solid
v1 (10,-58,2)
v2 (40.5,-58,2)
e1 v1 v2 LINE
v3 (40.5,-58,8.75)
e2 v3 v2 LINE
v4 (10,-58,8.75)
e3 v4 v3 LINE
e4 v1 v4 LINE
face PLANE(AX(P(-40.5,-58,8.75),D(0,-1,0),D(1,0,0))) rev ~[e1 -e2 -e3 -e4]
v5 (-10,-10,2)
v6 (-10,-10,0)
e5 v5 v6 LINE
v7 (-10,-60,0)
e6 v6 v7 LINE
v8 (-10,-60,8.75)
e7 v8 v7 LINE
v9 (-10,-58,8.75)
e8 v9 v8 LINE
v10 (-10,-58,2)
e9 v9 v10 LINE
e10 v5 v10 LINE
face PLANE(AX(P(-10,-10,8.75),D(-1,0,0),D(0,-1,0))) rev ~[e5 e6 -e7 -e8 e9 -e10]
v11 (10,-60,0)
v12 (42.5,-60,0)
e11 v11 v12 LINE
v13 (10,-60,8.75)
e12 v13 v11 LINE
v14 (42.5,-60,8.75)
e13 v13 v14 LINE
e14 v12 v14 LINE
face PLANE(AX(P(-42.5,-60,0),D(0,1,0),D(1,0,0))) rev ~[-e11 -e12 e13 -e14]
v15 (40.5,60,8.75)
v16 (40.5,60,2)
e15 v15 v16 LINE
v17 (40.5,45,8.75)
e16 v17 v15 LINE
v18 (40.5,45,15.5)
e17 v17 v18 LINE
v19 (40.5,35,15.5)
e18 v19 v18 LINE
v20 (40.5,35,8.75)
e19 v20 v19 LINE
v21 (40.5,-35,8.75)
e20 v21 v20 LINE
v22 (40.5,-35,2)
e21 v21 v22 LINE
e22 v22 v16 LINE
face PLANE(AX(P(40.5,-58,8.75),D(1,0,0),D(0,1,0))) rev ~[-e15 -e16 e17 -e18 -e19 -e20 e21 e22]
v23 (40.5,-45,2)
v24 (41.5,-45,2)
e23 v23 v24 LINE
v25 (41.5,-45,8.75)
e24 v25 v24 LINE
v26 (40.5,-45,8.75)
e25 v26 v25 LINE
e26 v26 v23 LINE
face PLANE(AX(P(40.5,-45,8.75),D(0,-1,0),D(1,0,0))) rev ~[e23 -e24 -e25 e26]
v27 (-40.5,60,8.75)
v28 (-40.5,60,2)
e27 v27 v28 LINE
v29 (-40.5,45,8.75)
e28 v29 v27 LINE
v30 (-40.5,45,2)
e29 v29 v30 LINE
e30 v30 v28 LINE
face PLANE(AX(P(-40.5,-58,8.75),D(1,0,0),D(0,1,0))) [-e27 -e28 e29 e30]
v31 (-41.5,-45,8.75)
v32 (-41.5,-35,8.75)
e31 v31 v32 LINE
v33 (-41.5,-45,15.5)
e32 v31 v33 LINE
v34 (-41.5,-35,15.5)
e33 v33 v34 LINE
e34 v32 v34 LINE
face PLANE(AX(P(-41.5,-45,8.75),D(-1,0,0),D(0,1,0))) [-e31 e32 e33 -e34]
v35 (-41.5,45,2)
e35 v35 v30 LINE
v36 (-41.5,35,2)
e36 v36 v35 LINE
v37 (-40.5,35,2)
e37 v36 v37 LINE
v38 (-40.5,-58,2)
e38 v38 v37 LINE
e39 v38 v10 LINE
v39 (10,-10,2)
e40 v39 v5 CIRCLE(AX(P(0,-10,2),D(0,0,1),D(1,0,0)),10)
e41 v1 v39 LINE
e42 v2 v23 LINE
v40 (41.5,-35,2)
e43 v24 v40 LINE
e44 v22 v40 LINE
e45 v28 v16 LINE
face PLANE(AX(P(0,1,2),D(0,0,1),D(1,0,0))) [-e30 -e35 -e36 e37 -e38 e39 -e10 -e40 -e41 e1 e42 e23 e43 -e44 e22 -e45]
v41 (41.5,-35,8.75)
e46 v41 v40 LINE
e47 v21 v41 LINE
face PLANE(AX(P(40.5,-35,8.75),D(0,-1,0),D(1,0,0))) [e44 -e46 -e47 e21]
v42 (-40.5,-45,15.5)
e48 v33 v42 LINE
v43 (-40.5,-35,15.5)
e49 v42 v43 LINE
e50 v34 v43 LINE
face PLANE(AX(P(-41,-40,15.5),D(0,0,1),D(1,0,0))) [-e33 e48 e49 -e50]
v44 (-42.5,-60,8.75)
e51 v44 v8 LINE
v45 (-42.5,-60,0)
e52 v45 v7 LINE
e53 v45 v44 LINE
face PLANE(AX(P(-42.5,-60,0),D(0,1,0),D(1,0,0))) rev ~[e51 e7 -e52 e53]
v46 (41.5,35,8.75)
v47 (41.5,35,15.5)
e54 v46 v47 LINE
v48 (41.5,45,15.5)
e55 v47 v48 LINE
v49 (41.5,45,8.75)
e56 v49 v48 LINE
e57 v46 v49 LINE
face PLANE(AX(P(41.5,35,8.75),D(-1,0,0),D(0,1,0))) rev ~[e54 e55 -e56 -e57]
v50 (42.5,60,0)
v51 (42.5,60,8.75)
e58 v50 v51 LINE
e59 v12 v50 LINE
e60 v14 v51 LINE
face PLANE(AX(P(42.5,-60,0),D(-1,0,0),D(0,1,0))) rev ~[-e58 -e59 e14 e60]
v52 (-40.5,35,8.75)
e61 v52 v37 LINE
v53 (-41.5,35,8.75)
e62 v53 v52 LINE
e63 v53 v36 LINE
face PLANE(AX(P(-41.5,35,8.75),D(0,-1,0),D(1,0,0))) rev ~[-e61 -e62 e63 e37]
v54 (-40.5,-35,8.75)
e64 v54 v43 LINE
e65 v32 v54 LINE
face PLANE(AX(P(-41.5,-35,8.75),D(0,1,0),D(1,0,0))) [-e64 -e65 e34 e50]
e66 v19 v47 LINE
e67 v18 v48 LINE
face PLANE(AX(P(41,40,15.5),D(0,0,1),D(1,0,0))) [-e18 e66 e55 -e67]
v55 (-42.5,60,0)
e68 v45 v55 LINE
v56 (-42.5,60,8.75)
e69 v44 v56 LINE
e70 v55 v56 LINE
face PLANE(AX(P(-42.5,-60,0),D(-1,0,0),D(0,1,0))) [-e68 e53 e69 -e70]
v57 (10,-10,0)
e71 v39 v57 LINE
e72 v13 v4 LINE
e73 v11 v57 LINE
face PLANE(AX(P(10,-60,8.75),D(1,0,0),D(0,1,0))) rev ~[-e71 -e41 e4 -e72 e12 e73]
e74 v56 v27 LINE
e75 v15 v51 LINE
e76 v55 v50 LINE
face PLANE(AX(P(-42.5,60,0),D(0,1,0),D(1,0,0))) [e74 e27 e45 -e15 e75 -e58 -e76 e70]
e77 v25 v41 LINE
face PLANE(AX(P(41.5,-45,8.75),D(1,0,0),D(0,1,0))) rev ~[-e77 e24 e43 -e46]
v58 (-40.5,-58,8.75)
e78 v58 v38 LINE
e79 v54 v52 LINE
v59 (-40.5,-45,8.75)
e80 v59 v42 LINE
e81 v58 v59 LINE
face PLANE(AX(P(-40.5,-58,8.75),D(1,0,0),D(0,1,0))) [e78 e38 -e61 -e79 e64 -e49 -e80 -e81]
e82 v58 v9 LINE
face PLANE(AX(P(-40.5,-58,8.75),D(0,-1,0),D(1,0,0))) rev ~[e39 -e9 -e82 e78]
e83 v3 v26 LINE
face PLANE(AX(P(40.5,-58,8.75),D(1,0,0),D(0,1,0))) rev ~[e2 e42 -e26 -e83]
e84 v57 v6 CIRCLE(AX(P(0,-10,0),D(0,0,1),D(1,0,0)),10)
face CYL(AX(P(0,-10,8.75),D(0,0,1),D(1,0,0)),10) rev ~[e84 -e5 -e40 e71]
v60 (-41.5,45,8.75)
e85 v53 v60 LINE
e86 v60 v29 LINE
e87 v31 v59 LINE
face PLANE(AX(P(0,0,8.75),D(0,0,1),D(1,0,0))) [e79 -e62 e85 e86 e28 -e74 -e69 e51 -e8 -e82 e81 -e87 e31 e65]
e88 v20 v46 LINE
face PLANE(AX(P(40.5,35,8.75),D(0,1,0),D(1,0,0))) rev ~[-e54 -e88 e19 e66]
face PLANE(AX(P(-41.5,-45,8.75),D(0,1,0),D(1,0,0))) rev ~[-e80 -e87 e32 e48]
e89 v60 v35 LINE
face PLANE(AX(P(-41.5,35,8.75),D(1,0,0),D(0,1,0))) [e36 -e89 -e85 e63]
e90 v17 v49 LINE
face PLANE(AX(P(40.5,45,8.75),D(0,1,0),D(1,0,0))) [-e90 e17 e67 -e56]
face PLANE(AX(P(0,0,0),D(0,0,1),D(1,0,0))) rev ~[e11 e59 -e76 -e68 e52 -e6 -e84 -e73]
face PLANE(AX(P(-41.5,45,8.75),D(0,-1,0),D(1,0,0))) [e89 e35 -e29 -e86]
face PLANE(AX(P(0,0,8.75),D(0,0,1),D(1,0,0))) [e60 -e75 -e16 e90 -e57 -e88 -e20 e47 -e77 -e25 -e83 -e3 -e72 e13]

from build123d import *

# Parameters (mm, degrees)
F0_W      = 85
F0_H      = 120
F1_DEPTH  = 8.75
F2_W      = 81
F2_H      = 118
F3_DEPTH  = 6.75
F5_DEPTH  = 25
F6_W      = 1
F6_H      = 10
F7_DEPTH  = 6.75
F8_W      = 1
F8_H      = 10
F9_DEPTH  = 6.75
F10_W     = 1
F10_H     = 10
F11_DEPTH = 6.75
F12_W     = 1
F12_H     = 10
F13_DEPTH = 6.75


with BuildPart() as f1:
    # F0 (on Top) → F1 (new body)
    with BuildSketch(Plane.XY):
        Rectangle(F0_W, F0_H)
    extrude(amount=F1_DEPTH)

    # F2 (on face) → F3 (cut)
    with BuildSketch(Plane.XY.offset(8.75)):
        with Locations((0, 1)):
            Rectangle(F2_W, F2_H)
    extrude(amount=-F3_DEPTH, mode=Mode.SUBTRACT)

    # F4 (on face) → F5 (cut)
    with BuildSketch(Plane.XY.offset(8.75)):
        with BuildLine():
            Line((-10, -10), (-10, -60))
            Line((-10, -60), (10, -60))
            Line((10, -60), (10, -10))
            ThreePointArc((10, -10), (0, 0), (-10, -10))
        make_face()
    extrude(amount=-F5_DEPTH, mode=Mode.SUBTRACT)

    # F6 (on face) → F7 (cut)
    with BuildSketch(Plane.XY.offset(8.75)):
        with Locations((-41, 40)):
            Rectangle(F6_W, F6_H)
    extrude(amount=-F7_DEPTH, mode=Mode.SUBTRACT)

    # F8 (on face) → F9 (cut)
    with BuildSketch(Plane.XY.offset(8.75)):
        with Locations((41, -40)):
            Rectangle(F8_W, F8_H)
    extrude(amount=-F9_DEPTH, mode=Mode.SUBTRACT)

    # F10 (on face) → F11 (join)
    with BuildSketch(Plane.XY.offset(8.75)):
        with Locations((-41, -40)):
            Rectangle(F10_W, F10_H)
    extrude(amount=F11_DEPTH)

    # F12 (on face) → F13 (join)
    with BuildSketch(Plane.XY.offset(8.75)):
        with Locations((41, 40)):
            Rectangle(F12_W, F12_H)
    extrude(amount=F13_DEPTH)


solid = f1.part
